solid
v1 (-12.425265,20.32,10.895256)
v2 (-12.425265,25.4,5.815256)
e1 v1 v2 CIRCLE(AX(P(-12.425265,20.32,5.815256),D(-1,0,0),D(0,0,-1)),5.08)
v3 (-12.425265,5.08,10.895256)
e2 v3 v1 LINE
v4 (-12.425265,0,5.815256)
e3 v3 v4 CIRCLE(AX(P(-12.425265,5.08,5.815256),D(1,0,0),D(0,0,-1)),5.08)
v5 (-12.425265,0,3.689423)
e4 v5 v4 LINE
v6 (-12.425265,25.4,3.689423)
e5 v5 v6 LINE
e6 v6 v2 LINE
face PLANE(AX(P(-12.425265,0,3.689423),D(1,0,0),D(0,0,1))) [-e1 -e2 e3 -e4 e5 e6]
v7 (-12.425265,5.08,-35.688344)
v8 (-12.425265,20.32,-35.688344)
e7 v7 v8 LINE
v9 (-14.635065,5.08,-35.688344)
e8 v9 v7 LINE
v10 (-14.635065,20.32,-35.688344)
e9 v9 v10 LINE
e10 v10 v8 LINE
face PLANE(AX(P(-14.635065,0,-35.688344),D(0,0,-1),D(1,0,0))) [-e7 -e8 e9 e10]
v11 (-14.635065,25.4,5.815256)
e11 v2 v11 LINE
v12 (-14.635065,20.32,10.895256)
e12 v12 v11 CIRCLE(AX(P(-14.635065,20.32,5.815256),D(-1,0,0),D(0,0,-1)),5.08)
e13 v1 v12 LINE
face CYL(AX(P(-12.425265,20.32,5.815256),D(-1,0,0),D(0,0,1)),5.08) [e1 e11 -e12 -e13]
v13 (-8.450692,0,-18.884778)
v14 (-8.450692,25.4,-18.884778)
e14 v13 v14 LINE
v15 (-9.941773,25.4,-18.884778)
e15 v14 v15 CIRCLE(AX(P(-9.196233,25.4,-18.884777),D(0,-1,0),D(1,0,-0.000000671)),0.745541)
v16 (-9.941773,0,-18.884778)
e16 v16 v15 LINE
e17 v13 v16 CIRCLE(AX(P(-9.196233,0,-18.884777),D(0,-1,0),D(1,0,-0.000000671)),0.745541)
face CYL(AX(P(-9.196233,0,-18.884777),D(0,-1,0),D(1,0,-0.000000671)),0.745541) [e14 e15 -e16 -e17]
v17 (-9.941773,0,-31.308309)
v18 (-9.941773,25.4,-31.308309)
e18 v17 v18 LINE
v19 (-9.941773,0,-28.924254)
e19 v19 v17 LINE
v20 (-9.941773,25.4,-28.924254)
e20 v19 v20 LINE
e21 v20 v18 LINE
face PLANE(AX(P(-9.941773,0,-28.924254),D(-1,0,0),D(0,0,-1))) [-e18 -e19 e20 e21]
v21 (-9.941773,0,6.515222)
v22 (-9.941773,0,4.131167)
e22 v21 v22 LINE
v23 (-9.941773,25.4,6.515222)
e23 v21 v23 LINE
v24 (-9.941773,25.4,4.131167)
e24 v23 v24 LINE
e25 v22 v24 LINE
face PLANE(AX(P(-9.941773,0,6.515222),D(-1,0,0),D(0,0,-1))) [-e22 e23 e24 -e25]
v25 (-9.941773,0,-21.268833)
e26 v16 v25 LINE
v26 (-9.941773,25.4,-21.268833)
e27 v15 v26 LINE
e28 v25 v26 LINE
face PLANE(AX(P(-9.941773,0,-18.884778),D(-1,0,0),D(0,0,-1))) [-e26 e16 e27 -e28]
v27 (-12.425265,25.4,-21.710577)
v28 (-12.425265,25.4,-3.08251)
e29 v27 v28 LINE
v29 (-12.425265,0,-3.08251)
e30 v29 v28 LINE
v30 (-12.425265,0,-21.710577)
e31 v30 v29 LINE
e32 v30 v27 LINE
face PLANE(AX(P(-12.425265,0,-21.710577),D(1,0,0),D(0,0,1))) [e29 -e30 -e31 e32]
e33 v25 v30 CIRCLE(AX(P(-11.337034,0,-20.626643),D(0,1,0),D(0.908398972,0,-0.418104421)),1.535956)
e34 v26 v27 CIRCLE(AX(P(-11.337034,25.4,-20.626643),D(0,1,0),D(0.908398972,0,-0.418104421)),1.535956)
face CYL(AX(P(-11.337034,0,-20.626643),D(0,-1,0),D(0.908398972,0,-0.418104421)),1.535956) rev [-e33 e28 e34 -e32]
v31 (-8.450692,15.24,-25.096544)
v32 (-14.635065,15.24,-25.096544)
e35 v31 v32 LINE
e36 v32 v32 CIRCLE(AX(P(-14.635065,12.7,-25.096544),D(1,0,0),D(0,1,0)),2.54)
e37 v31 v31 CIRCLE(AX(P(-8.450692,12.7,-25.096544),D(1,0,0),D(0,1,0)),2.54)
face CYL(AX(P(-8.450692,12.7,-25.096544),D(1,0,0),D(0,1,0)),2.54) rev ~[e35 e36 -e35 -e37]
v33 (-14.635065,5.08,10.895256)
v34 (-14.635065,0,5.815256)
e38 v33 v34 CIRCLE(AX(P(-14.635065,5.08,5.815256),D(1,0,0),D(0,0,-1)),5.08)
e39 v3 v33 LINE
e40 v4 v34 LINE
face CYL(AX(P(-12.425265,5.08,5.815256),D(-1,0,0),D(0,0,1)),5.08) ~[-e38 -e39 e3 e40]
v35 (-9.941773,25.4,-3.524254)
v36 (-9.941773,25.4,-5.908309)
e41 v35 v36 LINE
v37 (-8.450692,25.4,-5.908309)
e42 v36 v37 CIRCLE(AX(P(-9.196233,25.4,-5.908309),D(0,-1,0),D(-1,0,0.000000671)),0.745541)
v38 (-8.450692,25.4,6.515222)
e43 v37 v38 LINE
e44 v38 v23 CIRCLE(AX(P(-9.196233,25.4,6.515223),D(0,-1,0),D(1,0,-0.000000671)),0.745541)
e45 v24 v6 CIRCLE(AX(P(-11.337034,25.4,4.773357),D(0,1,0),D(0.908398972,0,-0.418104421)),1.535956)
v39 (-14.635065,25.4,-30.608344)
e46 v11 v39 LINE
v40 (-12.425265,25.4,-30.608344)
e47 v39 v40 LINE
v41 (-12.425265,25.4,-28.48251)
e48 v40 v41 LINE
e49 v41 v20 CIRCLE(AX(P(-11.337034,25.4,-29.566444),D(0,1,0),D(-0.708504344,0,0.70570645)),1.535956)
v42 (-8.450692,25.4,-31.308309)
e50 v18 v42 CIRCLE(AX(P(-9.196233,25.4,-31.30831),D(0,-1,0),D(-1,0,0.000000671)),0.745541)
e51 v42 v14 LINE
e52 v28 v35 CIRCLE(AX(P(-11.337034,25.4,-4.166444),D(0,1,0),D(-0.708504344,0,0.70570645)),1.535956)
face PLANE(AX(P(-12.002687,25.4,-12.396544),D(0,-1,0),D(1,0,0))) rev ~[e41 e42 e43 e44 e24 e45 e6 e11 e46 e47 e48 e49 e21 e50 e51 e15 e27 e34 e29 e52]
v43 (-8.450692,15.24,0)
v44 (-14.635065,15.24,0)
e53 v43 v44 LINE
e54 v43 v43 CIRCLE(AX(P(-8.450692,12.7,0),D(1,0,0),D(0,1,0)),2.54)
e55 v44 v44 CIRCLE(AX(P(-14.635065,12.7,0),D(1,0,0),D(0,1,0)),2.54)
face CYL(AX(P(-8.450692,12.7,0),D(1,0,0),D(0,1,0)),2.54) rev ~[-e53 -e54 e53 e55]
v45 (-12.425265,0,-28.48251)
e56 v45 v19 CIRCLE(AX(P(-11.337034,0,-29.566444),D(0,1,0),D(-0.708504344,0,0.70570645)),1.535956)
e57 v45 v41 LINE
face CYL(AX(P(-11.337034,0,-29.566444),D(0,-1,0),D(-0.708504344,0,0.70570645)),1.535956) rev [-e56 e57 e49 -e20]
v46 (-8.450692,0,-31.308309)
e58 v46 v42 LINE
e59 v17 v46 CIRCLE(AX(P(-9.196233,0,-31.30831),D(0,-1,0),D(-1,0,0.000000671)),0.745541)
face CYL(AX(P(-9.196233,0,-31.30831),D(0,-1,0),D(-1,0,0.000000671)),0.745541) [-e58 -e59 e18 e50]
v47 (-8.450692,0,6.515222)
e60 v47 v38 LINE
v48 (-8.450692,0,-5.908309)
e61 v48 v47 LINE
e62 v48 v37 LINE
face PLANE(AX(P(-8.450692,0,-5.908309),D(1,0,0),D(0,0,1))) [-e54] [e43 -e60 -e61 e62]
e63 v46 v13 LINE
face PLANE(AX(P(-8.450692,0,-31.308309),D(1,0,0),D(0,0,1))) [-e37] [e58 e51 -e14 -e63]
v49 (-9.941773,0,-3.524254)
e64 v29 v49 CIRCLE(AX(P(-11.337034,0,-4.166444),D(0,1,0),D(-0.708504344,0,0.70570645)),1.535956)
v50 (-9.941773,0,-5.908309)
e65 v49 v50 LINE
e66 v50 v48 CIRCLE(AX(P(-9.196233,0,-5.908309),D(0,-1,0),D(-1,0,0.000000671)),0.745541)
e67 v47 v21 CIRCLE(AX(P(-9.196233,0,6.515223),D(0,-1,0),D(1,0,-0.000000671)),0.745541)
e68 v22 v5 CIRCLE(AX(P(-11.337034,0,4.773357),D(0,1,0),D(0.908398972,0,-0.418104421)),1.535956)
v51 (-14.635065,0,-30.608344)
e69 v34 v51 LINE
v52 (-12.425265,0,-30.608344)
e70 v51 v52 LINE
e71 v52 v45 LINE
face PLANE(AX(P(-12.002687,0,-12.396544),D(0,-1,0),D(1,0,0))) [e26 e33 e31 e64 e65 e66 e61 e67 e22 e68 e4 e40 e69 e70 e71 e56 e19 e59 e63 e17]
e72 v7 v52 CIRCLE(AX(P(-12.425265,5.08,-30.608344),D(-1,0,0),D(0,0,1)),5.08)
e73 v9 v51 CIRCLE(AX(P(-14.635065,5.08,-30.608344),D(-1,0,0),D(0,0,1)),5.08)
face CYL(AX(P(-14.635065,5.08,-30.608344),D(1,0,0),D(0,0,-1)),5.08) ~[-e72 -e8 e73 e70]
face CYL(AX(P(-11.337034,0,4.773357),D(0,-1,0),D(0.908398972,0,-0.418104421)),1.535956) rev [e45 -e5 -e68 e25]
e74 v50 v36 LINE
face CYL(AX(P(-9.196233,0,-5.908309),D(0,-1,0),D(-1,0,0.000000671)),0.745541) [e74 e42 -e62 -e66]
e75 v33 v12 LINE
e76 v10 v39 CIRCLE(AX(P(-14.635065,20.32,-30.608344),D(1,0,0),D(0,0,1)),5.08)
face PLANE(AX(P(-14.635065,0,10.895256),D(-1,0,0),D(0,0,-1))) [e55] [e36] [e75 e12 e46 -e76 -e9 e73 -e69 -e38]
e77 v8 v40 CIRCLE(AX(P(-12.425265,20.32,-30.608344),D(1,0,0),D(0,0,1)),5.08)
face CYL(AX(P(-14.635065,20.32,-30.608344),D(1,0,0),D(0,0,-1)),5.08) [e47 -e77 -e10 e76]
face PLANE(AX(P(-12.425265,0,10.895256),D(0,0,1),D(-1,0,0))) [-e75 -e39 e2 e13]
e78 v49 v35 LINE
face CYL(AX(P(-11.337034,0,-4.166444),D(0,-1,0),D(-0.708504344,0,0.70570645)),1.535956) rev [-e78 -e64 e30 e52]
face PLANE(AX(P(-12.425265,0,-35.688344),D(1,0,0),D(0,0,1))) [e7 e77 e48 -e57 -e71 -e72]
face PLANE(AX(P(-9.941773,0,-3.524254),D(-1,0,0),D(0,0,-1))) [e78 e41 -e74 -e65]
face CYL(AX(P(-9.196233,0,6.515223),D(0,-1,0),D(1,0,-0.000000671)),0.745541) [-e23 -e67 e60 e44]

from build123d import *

# Parameters (mm, degrees)
F1_DEPTH = 25.4
F2_R     = 5.08
F3_R     = 2.54
F4_DEPTH = 25.4
F5_R     = 2.54
F6_DEPTH = 25.4


with BuildPart() as f1:
    # F0 (on Front) → F1 (new body)
    with BuildSketch(Plane.XZ):
        with BuildLine():
            Line((-12.425265, 4.646856), (-12.425265, 10.895256))
            Line((-12.425265, 10.895256), (-14.635065, 10.895256))
            Line((-14.635065, 10.895256), (-14.635065, -10.288344))
            Line((-14.635065, -10.288344), (-14.635065, -35.688344))
            Line((-14.635065, -35.688344), (-12.425265, -35.688344))
            Line((-12.425265, -35.688344), (-12.425265, -29.439944))
            Line((-12.425265, -29.439944), (-12.425265, -28.48251))
            ThreePointArc((-12.425265, -28.48251), (-11.068052, -28.054224), (-9.941773, -28.924254))
            Line((-9.941773, -28.924254), (-9.941773, -31.308309))
            ThreePointArc((-9.941773, -31.308309), (-9.196233, -32.05385), (-8.450692, -31.308309))
            Line((-8.450692, -31.308309), (-8.450692, -18.884778))
            ThreePointArc((-8.450692, -18.884778), (-9.196233, -18.139237), (-9.941773, -18.884778))
            Line((-9.941773, -18.884778), (-9.941773, -21.268833))
            ThreePointArc((-9.941773, -21.268833), (-11.068052, -22.138863), (-12.425265, -21.710577))
            Line((-12.425265, -21.710577), (-12.425265, -20.753144))
            Line((-12.425265, -20.753144), (-12.425265, -14.504744))
            Line((-12.425265, -14.504744), (-12.425265, -10.288344))
            Line((-12.425265, -10.288344), (-12.425265, -4.039944))
            Line((-12.425265, -4.039944), (-12.425265, -3.08251))
            ThreePointArc((-12.425265, -3.08251), (-11.068052, -2.654224), (-9.941773, -3.524254))
            Line((-9.941773, -3.524254), (-9.941773, -5.908309))
            ThreePointArc((-9.941773, -5.908309), (-9.196233, -6.65385), (-8.450692, -5.908309))
            Line((-8.450692, -5.908309), (-8.450692, 6.515222))
            ThreePointArc((-8.450692, 6.515222), (-9.196233, 7.260763), (-9.941773, 6.515222))
            Line((-9.941773, 6.515222), (-9.941773, 4.131167))
            ThreePointArc((-9.941773, 4.131167), (-11.068052, 3.261137), (-12.425265, 3.689423))
            Line((-12.425265, 3.689423), (-12.425265, 4.646856))
        make_face()
    extrude(amount=-F1_DEPTH)

    # F2
    f2_edges = [f1.edges().sort_by_distance(p)[0] for p in [
        (-13.530165, 25.4, -35.688344),
        (-13.530165, 0, -35.688344),
        (-13.530165, 25.4, 10.895256),
        (-13.530165, 0, 10.895256),
    ]]
    fillet(f2_edges, radius=F2_R)

    # F3 (on face) → F4 (cut)
    with BuildSketch(Plane.YZ.offset(-8.450692)):
        with Locations((12.7, 0)):
            Circle(F3_R)
    extrude(amount=-F4_DEPTH, mode=Mode.SUBTRACT)

    # F5 (on face) → F6 (cut)
    with BuildSketch(Plane.YZ.offset(-8.450692)):
        with Locations((12.7, -25.096544)):
            Circle(F5_R)
    extrude(amount=-F6_DEPTH, mode=Mode.SUBTRACT)


solid = f1.part
